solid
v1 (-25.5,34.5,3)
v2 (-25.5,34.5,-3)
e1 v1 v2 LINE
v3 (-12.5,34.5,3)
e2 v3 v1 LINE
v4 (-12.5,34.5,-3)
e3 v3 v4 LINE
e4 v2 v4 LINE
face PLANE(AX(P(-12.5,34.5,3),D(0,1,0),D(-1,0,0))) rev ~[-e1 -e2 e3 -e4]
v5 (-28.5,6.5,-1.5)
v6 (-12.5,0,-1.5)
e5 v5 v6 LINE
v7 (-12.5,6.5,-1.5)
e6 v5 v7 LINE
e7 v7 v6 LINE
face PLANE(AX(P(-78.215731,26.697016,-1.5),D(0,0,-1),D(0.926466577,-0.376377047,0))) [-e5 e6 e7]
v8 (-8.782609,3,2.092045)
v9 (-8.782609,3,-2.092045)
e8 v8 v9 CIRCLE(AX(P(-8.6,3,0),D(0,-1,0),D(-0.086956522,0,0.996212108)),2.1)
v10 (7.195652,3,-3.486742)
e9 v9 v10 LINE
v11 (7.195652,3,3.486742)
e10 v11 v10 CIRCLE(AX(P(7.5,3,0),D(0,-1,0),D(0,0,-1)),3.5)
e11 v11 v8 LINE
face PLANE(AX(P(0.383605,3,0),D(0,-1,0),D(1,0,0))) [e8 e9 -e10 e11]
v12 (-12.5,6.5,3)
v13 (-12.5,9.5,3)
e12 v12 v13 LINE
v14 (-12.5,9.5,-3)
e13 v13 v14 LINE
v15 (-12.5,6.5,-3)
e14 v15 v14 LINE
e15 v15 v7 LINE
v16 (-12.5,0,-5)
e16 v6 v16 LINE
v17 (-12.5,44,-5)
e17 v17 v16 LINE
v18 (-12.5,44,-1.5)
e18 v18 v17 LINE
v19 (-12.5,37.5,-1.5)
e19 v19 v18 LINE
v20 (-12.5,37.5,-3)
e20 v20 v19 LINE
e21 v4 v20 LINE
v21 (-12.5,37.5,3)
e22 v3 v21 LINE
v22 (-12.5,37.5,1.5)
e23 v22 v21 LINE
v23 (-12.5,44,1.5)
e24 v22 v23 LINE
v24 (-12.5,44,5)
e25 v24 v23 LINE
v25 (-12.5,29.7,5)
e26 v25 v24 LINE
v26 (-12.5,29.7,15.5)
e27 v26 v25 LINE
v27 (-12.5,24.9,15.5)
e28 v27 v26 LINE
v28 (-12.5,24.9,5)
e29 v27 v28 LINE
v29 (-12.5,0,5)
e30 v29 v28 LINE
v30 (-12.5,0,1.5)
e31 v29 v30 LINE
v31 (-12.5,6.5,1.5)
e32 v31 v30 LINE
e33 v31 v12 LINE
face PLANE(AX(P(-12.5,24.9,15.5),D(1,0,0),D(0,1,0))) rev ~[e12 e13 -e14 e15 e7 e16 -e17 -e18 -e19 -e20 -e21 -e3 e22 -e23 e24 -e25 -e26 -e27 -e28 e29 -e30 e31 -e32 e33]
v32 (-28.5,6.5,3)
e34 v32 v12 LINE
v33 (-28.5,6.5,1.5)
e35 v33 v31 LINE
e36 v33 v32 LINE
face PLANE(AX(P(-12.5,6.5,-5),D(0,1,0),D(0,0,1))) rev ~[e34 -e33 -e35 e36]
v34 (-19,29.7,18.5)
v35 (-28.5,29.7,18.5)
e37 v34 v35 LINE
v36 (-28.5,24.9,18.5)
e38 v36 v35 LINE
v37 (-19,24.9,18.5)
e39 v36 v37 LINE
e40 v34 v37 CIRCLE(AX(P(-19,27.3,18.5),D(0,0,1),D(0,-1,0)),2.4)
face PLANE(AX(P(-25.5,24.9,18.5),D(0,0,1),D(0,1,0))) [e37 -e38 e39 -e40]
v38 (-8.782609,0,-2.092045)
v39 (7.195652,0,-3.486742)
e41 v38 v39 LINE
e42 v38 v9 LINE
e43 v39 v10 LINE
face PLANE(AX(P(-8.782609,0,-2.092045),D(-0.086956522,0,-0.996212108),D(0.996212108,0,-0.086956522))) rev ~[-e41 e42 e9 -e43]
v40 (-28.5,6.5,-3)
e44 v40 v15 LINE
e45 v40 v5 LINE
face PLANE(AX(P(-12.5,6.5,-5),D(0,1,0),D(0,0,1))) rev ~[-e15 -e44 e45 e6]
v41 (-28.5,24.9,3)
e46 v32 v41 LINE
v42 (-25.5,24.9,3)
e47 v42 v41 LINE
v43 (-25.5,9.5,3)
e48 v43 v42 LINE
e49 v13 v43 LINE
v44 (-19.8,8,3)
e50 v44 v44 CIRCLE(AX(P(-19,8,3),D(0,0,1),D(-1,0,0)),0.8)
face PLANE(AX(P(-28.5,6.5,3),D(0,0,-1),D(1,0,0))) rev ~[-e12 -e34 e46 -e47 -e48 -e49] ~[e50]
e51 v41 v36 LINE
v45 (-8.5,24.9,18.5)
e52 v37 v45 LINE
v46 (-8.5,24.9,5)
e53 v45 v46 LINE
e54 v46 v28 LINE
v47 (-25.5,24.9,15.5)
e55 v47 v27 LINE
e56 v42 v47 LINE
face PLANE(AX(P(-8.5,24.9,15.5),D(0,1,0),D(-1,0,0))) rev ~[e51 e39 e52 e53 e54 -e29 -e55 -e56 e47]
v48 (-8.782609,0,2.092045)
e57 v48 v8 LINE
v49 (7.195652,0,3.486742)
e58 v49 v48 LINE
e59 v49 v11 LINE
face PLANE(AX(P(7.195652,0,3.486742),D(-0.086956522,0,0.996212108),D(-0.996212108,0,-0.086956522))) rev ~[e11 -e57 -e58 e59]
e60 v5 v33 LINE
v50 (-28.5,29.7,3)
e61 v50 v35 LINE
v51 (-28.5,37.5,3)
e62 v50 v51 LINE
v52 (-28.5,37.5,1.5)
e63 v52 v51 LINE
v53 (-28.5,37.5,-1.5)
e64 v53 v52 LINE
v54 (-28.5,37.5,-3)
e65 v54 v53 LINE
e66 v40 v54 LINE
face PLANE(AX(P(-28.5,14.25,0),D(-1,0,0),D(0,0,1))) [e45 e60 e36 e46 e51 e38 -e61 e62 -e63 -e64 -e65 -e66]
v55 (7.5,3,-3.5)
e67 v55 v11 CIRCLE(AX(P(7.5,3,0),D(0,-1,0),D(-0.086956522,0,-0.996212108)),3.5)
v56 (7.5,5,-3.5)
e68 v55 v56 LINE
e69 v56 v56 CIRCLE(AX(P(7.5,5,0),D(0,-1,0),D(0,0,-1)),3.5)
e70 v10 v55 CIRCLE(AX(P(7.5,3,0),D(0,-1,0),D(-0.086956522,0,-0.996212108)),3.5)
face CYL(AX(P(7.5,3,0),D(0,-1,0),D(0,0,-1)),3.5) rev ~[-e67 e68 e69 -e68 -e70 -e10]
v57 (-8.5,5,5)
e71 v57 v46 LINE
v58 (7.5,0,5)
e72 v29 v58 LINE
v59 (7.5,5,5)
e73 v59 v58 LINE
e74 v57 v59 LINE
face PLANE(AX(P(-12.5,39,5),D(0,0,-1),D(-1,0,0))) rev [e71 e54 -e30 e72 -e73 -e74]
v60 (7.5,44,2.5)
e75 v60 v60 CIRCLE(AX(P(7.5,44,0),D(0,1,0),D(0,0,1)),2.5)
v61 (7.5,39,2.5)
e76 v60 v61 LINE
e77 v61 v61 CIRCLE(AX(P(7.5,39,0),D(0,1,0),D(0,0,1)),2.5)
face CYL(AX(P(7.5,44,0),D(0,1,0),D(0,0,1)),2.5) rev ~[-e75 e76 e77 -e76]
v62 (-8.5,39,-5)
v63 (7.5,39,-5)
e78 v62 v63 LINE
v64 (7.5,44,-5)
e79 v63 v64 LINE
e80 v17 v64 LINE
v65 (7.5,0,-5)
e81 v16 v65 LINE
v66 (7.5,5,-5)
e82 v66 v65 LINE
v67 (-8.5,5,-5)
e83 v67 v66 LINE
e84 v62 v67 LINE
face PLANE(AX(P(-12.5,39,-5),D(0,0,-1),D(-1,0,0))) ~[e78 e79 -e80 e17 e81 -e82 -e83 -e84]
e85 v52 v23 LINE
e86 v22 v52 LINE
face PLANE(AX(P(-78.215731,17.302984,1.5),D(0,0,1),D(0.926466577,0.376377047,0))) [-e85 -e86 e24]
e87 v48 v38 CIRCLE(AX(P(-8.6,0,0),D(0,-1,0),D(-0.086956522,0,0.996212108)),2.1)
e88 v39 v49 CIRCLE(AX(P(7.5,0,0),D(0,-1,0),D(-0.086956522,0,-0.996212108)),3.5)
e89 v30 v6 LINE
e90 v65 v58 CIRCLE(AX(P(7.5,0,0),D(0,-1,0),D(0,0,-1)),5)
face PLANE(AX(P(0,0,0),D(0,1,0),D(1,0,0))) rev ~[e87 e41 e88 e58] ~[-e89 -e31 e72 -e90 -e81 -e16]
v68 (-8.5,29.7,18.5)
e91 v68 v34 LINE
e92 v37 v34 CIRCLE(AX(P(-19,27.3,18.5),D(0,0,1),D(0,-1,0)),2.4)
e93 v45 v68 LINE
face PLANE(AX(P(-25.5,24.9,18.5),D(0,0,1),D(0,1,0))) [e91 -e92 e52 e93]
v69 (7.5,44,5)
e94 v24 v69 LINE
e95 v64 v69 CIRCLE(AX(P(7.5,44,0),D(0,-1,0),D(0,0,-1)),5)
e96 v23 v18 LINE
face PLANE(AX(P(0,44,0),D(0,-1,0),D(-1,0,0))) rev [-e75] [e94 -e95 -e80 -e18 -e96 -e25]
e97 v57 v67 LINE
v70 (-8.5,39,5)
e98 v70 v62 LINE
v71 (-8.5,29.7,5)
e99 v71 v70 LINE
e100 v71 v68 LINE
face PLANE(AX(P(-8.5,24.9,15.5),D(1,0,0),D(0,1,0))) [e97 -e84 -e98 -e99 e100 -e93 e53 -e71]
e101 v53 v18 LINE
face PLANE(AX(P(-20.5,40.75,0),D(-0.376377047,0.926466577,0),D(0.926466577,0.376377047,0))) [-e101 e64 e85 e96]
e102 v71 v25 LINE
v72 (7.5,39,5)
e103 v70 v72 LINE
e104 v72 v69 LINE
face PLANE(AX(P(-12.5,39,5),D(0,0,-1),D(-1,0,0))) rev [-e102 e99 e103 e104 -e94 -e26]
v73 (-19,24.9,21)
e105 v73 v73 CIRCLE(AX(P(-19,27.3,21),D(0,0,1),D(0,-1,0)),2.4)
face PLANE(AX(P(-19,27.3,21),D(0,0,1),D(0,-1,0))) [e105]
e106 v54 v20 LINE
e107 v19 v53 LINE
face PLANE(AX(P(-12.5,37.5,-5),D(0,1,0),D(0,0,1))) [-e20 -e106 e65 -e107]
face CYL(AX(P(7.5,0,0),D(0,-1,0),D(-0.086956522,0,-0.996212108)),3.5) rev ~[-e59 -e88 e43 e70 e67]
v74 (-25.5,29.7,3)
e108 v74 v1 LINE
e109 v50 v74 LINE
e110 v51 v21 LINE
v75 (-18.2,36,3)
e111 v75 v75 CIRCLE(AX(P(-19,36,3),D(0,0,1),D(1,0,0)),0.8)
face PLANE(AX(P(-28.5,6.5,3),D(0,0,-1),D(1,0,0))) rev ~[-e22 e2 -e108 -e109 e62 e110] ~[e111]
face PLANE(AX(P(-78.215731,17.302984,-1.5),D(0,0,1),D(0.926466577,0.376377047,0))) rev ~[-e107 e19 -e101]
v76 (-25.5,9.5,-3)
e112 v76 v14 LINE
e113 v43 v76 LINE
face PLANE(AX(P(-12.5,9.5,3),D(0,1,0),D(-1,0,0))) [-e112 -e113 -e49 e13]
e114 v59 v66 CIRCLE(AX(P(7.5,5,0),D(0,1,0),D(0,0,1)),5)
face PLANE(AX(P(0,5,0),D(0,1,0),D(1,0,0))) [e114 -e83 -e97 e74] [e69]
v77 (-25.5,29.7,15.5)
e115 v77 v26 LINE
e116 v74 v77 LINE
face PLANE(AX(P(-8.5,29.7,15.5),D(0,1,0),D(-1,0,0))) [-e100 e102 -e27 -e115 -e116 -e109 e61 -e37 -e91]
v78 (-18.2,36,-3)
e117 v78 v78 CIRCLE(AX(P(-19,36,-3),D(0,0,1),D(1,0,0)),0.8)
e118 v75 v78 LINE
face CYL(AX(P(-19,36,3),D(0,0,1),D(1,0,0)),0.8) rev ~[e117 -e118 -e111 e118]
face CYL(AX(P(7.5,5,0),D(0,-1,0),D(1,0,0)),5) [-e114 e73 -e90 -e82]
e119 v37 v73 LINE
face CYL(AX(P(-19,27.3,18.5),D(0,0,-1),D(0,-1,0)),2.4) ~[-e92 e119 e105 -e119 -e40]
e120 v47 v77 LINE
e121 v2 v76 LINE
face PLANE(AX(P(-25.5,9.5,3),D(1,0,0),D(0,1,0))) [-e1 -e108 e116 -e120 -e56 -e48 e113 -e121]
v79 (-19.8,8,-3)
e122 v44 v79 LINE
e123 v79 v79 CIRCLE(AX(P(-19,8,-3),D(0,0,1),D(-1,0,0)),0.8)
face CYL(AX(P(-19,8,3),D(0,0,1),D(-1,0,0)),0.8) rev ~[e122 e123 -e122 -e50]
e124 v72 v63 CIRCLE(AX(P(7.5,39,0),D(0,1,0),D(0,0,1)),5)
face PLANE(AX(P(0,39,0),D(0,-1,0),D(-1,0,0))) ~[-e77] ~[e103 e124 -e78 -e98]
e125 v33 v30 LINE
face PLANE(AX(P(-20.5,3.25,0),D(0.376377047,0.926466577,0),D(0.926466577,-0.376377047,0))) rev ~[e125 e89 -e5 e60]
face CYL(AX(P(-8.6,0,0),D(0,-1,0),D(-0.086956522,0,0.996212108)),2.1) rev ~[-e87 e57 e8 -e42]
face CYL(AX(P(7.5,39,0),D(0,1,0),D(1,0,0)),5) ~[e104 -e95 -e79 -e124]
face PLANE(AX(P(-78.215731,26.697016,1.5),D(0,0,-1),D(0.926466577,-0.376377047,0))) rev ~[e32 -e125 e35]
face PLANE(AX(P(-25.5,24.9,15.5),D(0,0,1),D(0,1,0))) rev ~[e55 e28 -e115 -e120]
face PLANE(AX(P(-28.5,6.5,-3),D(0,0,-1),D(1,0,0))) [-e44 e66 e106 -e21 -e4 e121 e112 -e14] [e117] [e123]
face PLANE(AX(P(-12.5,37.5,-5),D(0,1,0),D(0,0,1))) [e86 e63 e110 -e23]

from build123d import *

# Parameters (mm, degrees)
SKETCH2_W               = 25
SKETCH2_H               = 10
BOSS_EXTRUDE1_DEPTH     = 5
FILLET1_RADIUS          = 5
FILLET1_LENGTH          = 5
SKETCH3_W               = 4
SKETCH3_H               = 10
BOSS_EXTRUDE2_DEPTH     = 17
SKETCH12_R              = 2.5
CUT_EXTRUDE3_DEPTH      = 5
CUT_EXTRUDE4_DEPTH      = 3
SKETCH14_R              = 3.5
CUT_EXTRUDE5_DEPTH      = 2
SKETCH15_W              = 10
SKETCH15_H              = 15.5
BOSS_EXTRUDE3_DEPTH     = 16
SKETCH16_W              = 16
SKETCH16_H              = 2
CUT_EXTRUDE6_DEPTH      = 31
CUT_EXTRUDE9_DEPTH      = 54.030651514
CUT_EXTRUDE9_DEPTH_BACK = 6
SKETCH18_W              = 13
SKETCH18_H              = 25
RIB1_REACH              = 54.662
SKETCH20_WALL_W         = 124.593227798
SKETCH20_WALL_H         = 3
RIB2_REACH              = 54.662
SKETCH21_WALL_W         = 124.593227798
SKETCH21_WALL_H         = 3
SKETCH22_R              = 0.8
CUT_EXTRUDE10_DEPTH     = 6
BOSS_EXTRUDE4_DEPTH     = 15.5
SKETCH39_W              = 3
SKETCH39_H              = 4.8
BOSS_EXTRUDE5_DEPTH     = 17
SKETCH42_W              = 4
SKETCH42_H              = 4.8
BOSS_EXTRUDE6_DEPTH     = 10.5
SKETCH43_R              = 2.4
BOSS_EXTRUDE7_DEPTH     = 2.5


with BuildPart() as part:
    # Sketch2 → Boss-Extrude1 (new body)
    with BuildSketch(Plane(origin=(0, 0, 0), x_dir=(1, 0, 0), z_dir=(0, 1, 0))):
        Rectangle(SKETCH2_W, SKETCH2_H)
    extrude(amount=BOSS_EXTRUDE1_DEPTH)

    # Fillet1: full round fillet: the end face becomes a half cylinder, R = half its width
    fillet1_face = Plane((12.5, 2.5, 0), x_dir=(0, -1, 0), z_dir=(1, 0, 0))  # on the end face: x along it, z out of the body
    fillet1_slab = fillet1_face.offset(-FILLET1_RADIUS / 2) * Box(FILLET1_LENGTH, 2 * FILLET1_RADIUS, FILLET1_RADIUS, mode=Mode.PRIVATE)  # the body's end, R deep
    fillet1_round = Plane((7.5, 2.5, 0), x_dir=(1, 0, 0), z_dir=(0, -1, 0)) * Cylinder(FILLET1_RADIUS, FILLET1_LENGTH, mode=Mode.PRIVATE)  # its axis R under the face
    add(fillet1_slab - fillet1_round, mode=Mode.SUBTRACT)

    # Sketch3 → Boss-Extrude2 (add)
    with BuildSketch(Plane(origin=(0, 5, 0), x_dir=(1, 0, 0), z_dir=(0, 1, 0))):
        with Locations((-10.5, 0)):
            Rectangle(SKETCH3_W, SKETCH3_H)
    extrude(amount=BOSS_EXTRUDE2_DEPTH)

    # Mirror1: part across plane


with BuildPart() as part_1:
    add(part.part)
    add(part.part.mirror(Plane.ZX.offset(22)))

    # Sketch12 → Cut-Extrude3 (cut)
    with BuildSketch(Plane(origin=(0, 44, 0), x_dir=(1, 0, 0), z_dir=(0, 1, 0))):
        with Locations(Location((7.5, 0, 0), (0, 0, 270))):
            Circle(SKETCH12_R)
    extrude(amount=-CUT_EXTRUDE3_DEPTH, mode=Mode.SUBTRACT)

    # Sketch13 → Cut-Extrude4 (cut)
    with BuildSketch(Plane.XZ):
        with BuildLine():
            Line((7.195652174, 3.486742377), (-8.782608696, 2.092045426))
            ThreePointArc((-8.782608696, 2.092045426), (-10.7, 0), (-8.782608696, -2.092045426))
            Line((-8.782608696, -2.092045426), (7.195652174, -3.486742377))
            ThreePointArc((7.195652174, -3.486742377), (11, 0), (7.195652174, 3.486742377))
        make_face()
    extrude(amount=-CUT_EXTRUDE4_DEPTH, mode=Mode.SUBTRACT)

    # Sketch14 → Cut-Extrude5 (cut)
    with BuildSketch(Plane.XZ.offset(-3)):
        with Locations(Location((7.5, 0, 0), (0, 0, 270))):
            Circle(SKETCH14_R)
    extrude(amount=-CUT_EXTRUDE5_DEPTH, mode=Mode.SUBTRACT)

    # Sketch15 → Boss-Extrude3 (add)
    with BuildSketch(Plane.ZY.offset(12.5)):
        with Locations((0, 14.25)):
            Rectangle(SKETCH15_W, SKETCH15_H)
        with Locations((0, 29.75)):
            Rectangle(SKETCH15_W, SKETCH15_H)
    extrude(amount=BOSS_EXTRUDE3_DEPTH)

    # Sketch16 → Cut-Extrude6 (cut)
    with BuildSketch(Plane.XZ.offset(-6.5)):
        with Locations((-20.5, 4)):
            Rectangle(SKETCH16_W, SKETCH16_H)
        with Locations((-20.5, -4)):
            Rectangle(SKETCH16_W, SKETCH16_H)
    extrude(amount=-CUT_EXTRUDE6_DEPTH, mode=Mode.SUBTRACT)

    # Sketch18 → Cut-Extrude9 (cut, two sides: drawn at the far end of the back side and taken through both)
    with BuildSketch(Plane(origin=(0, 0, -3), x_dir=(-1, 0, 0), z_dir=(0, 0, -1)).offset(-CUT_EXTRUDE9_DEPTH_BACK)):
        with Locations((19, 22)):
            Rectangle(SKETCH18_W, SKETCH18_H)
    extrude(amount=CUT_EXTRUDE9_DEPTH + CUT_EXTRUDE9_DEPTH_BACK, mode=Mode.SUBTRACT)

    # Sketch20 wall → Rib1 (add, up to next)
    with BuildSketch(Plane(origin=(-20.5, 40.75, 0), x_dir=(0.926466577122, 0.376377046956, 0), z_dir=(-0.376377046956, 0.926466577122, 0)), mode=Mode.PRIVATE) as rib1_sk1:
        Rectangle(SKETCH20_WALL_W, SKETCH20_WALL_H)
    rib1_tool1 = extrude(rib1_sk1.sketch, amount=-RIB1_REACH, mode=Mode.PRIVATE) - part_1.part
    add(rib1_tool1.solids().sort_by_distance((-20.5, 40.75, 0))[0])

    # Sketch21 wall → Rib2 (add, up to next)
    with BuildSketch(Plane(origin=(-20.5, 3.25, 0), x_dir=(0.926466577122, -0.376377046956, 0), z_dir=(0.376377046956, 0.926466577122, 0)), mode=Mode.PRIVATE) as rib2_sk1:
        Rectangle(SKETCH21_WALL_W, SKETCH21_WALL_H)
    rib2_tool1 = extrude(rib2_sk1.sketch, amount=RIB2_REACH, mode=Mode.PRIVATE) - part_1.part
    add(rib2_tool1.solids().sort_by_distance((-20.5, 3.25, 0))[0])

    # Sketch22 → Cut-Extrude10 (cut)
    with BuildSketch(Plane.XY.offset(3)):
        with Locations((-19, 36)):
            Circle(SKETCH22_R)
        with Locations(Location((-19, 8, 0), (0, 0, 180))):
            Circle(SKETCH22_R)
    extrude(amount=-CUT_EXTRUDE10_DEPTH, mode=Mode.SUBTRACT)

    # Sketch38 → Boss-Extrude4 (add)
    with BuildSketch(Plane.XY.offset(3)):
        Polygon((-25.5, 27.3), (-25.5, 24.9), (-28.5, 24.9), (-28.5, 29.7), (-25.5, 29.7), align=None)
    extrude(amount=BOSS_EXTRUDE4_DEPTH)

    # Sketch39 → Boss-Extrude5 (add)
    with BuildSketch(Plane(origin=(-25.5, 0, 0), x_dir=(0, 0, -1), z_dir=(1, 0, 0))):
        with Locations((-17, 27.3)):
            Rectangle(SKETCH39_W, SKETCH39_H)
    extrude(amount=BOSS_EXTRUDE5_DEPTH)

    # Sketch42 → Boss-Extrude6 (add)
    with BuildSketch(Plane(origin=(0, 0, 15.5), x_dir=(-1, 0, 0), z_dir=(0, 0, -1))):
        with Locations((10.5, 27.3)):
            Rectangle(SKETCH42_W, SKETCH42_H)
    extrude(amount=BOSS_EXTRUDE6_DEPTH)

    # Sketch43 → Boss-Extrude7 (add)
    with BuildSketch(Plane.XY.offset(18.5)):
        with Locations(Location((-19, 27.3, 0), (0, 0, 270))):
            Circle(SKETCH43_R)
    extrude(amount=BOSS_EXTRUDE7_DEPTH)


solid = part_1.part
